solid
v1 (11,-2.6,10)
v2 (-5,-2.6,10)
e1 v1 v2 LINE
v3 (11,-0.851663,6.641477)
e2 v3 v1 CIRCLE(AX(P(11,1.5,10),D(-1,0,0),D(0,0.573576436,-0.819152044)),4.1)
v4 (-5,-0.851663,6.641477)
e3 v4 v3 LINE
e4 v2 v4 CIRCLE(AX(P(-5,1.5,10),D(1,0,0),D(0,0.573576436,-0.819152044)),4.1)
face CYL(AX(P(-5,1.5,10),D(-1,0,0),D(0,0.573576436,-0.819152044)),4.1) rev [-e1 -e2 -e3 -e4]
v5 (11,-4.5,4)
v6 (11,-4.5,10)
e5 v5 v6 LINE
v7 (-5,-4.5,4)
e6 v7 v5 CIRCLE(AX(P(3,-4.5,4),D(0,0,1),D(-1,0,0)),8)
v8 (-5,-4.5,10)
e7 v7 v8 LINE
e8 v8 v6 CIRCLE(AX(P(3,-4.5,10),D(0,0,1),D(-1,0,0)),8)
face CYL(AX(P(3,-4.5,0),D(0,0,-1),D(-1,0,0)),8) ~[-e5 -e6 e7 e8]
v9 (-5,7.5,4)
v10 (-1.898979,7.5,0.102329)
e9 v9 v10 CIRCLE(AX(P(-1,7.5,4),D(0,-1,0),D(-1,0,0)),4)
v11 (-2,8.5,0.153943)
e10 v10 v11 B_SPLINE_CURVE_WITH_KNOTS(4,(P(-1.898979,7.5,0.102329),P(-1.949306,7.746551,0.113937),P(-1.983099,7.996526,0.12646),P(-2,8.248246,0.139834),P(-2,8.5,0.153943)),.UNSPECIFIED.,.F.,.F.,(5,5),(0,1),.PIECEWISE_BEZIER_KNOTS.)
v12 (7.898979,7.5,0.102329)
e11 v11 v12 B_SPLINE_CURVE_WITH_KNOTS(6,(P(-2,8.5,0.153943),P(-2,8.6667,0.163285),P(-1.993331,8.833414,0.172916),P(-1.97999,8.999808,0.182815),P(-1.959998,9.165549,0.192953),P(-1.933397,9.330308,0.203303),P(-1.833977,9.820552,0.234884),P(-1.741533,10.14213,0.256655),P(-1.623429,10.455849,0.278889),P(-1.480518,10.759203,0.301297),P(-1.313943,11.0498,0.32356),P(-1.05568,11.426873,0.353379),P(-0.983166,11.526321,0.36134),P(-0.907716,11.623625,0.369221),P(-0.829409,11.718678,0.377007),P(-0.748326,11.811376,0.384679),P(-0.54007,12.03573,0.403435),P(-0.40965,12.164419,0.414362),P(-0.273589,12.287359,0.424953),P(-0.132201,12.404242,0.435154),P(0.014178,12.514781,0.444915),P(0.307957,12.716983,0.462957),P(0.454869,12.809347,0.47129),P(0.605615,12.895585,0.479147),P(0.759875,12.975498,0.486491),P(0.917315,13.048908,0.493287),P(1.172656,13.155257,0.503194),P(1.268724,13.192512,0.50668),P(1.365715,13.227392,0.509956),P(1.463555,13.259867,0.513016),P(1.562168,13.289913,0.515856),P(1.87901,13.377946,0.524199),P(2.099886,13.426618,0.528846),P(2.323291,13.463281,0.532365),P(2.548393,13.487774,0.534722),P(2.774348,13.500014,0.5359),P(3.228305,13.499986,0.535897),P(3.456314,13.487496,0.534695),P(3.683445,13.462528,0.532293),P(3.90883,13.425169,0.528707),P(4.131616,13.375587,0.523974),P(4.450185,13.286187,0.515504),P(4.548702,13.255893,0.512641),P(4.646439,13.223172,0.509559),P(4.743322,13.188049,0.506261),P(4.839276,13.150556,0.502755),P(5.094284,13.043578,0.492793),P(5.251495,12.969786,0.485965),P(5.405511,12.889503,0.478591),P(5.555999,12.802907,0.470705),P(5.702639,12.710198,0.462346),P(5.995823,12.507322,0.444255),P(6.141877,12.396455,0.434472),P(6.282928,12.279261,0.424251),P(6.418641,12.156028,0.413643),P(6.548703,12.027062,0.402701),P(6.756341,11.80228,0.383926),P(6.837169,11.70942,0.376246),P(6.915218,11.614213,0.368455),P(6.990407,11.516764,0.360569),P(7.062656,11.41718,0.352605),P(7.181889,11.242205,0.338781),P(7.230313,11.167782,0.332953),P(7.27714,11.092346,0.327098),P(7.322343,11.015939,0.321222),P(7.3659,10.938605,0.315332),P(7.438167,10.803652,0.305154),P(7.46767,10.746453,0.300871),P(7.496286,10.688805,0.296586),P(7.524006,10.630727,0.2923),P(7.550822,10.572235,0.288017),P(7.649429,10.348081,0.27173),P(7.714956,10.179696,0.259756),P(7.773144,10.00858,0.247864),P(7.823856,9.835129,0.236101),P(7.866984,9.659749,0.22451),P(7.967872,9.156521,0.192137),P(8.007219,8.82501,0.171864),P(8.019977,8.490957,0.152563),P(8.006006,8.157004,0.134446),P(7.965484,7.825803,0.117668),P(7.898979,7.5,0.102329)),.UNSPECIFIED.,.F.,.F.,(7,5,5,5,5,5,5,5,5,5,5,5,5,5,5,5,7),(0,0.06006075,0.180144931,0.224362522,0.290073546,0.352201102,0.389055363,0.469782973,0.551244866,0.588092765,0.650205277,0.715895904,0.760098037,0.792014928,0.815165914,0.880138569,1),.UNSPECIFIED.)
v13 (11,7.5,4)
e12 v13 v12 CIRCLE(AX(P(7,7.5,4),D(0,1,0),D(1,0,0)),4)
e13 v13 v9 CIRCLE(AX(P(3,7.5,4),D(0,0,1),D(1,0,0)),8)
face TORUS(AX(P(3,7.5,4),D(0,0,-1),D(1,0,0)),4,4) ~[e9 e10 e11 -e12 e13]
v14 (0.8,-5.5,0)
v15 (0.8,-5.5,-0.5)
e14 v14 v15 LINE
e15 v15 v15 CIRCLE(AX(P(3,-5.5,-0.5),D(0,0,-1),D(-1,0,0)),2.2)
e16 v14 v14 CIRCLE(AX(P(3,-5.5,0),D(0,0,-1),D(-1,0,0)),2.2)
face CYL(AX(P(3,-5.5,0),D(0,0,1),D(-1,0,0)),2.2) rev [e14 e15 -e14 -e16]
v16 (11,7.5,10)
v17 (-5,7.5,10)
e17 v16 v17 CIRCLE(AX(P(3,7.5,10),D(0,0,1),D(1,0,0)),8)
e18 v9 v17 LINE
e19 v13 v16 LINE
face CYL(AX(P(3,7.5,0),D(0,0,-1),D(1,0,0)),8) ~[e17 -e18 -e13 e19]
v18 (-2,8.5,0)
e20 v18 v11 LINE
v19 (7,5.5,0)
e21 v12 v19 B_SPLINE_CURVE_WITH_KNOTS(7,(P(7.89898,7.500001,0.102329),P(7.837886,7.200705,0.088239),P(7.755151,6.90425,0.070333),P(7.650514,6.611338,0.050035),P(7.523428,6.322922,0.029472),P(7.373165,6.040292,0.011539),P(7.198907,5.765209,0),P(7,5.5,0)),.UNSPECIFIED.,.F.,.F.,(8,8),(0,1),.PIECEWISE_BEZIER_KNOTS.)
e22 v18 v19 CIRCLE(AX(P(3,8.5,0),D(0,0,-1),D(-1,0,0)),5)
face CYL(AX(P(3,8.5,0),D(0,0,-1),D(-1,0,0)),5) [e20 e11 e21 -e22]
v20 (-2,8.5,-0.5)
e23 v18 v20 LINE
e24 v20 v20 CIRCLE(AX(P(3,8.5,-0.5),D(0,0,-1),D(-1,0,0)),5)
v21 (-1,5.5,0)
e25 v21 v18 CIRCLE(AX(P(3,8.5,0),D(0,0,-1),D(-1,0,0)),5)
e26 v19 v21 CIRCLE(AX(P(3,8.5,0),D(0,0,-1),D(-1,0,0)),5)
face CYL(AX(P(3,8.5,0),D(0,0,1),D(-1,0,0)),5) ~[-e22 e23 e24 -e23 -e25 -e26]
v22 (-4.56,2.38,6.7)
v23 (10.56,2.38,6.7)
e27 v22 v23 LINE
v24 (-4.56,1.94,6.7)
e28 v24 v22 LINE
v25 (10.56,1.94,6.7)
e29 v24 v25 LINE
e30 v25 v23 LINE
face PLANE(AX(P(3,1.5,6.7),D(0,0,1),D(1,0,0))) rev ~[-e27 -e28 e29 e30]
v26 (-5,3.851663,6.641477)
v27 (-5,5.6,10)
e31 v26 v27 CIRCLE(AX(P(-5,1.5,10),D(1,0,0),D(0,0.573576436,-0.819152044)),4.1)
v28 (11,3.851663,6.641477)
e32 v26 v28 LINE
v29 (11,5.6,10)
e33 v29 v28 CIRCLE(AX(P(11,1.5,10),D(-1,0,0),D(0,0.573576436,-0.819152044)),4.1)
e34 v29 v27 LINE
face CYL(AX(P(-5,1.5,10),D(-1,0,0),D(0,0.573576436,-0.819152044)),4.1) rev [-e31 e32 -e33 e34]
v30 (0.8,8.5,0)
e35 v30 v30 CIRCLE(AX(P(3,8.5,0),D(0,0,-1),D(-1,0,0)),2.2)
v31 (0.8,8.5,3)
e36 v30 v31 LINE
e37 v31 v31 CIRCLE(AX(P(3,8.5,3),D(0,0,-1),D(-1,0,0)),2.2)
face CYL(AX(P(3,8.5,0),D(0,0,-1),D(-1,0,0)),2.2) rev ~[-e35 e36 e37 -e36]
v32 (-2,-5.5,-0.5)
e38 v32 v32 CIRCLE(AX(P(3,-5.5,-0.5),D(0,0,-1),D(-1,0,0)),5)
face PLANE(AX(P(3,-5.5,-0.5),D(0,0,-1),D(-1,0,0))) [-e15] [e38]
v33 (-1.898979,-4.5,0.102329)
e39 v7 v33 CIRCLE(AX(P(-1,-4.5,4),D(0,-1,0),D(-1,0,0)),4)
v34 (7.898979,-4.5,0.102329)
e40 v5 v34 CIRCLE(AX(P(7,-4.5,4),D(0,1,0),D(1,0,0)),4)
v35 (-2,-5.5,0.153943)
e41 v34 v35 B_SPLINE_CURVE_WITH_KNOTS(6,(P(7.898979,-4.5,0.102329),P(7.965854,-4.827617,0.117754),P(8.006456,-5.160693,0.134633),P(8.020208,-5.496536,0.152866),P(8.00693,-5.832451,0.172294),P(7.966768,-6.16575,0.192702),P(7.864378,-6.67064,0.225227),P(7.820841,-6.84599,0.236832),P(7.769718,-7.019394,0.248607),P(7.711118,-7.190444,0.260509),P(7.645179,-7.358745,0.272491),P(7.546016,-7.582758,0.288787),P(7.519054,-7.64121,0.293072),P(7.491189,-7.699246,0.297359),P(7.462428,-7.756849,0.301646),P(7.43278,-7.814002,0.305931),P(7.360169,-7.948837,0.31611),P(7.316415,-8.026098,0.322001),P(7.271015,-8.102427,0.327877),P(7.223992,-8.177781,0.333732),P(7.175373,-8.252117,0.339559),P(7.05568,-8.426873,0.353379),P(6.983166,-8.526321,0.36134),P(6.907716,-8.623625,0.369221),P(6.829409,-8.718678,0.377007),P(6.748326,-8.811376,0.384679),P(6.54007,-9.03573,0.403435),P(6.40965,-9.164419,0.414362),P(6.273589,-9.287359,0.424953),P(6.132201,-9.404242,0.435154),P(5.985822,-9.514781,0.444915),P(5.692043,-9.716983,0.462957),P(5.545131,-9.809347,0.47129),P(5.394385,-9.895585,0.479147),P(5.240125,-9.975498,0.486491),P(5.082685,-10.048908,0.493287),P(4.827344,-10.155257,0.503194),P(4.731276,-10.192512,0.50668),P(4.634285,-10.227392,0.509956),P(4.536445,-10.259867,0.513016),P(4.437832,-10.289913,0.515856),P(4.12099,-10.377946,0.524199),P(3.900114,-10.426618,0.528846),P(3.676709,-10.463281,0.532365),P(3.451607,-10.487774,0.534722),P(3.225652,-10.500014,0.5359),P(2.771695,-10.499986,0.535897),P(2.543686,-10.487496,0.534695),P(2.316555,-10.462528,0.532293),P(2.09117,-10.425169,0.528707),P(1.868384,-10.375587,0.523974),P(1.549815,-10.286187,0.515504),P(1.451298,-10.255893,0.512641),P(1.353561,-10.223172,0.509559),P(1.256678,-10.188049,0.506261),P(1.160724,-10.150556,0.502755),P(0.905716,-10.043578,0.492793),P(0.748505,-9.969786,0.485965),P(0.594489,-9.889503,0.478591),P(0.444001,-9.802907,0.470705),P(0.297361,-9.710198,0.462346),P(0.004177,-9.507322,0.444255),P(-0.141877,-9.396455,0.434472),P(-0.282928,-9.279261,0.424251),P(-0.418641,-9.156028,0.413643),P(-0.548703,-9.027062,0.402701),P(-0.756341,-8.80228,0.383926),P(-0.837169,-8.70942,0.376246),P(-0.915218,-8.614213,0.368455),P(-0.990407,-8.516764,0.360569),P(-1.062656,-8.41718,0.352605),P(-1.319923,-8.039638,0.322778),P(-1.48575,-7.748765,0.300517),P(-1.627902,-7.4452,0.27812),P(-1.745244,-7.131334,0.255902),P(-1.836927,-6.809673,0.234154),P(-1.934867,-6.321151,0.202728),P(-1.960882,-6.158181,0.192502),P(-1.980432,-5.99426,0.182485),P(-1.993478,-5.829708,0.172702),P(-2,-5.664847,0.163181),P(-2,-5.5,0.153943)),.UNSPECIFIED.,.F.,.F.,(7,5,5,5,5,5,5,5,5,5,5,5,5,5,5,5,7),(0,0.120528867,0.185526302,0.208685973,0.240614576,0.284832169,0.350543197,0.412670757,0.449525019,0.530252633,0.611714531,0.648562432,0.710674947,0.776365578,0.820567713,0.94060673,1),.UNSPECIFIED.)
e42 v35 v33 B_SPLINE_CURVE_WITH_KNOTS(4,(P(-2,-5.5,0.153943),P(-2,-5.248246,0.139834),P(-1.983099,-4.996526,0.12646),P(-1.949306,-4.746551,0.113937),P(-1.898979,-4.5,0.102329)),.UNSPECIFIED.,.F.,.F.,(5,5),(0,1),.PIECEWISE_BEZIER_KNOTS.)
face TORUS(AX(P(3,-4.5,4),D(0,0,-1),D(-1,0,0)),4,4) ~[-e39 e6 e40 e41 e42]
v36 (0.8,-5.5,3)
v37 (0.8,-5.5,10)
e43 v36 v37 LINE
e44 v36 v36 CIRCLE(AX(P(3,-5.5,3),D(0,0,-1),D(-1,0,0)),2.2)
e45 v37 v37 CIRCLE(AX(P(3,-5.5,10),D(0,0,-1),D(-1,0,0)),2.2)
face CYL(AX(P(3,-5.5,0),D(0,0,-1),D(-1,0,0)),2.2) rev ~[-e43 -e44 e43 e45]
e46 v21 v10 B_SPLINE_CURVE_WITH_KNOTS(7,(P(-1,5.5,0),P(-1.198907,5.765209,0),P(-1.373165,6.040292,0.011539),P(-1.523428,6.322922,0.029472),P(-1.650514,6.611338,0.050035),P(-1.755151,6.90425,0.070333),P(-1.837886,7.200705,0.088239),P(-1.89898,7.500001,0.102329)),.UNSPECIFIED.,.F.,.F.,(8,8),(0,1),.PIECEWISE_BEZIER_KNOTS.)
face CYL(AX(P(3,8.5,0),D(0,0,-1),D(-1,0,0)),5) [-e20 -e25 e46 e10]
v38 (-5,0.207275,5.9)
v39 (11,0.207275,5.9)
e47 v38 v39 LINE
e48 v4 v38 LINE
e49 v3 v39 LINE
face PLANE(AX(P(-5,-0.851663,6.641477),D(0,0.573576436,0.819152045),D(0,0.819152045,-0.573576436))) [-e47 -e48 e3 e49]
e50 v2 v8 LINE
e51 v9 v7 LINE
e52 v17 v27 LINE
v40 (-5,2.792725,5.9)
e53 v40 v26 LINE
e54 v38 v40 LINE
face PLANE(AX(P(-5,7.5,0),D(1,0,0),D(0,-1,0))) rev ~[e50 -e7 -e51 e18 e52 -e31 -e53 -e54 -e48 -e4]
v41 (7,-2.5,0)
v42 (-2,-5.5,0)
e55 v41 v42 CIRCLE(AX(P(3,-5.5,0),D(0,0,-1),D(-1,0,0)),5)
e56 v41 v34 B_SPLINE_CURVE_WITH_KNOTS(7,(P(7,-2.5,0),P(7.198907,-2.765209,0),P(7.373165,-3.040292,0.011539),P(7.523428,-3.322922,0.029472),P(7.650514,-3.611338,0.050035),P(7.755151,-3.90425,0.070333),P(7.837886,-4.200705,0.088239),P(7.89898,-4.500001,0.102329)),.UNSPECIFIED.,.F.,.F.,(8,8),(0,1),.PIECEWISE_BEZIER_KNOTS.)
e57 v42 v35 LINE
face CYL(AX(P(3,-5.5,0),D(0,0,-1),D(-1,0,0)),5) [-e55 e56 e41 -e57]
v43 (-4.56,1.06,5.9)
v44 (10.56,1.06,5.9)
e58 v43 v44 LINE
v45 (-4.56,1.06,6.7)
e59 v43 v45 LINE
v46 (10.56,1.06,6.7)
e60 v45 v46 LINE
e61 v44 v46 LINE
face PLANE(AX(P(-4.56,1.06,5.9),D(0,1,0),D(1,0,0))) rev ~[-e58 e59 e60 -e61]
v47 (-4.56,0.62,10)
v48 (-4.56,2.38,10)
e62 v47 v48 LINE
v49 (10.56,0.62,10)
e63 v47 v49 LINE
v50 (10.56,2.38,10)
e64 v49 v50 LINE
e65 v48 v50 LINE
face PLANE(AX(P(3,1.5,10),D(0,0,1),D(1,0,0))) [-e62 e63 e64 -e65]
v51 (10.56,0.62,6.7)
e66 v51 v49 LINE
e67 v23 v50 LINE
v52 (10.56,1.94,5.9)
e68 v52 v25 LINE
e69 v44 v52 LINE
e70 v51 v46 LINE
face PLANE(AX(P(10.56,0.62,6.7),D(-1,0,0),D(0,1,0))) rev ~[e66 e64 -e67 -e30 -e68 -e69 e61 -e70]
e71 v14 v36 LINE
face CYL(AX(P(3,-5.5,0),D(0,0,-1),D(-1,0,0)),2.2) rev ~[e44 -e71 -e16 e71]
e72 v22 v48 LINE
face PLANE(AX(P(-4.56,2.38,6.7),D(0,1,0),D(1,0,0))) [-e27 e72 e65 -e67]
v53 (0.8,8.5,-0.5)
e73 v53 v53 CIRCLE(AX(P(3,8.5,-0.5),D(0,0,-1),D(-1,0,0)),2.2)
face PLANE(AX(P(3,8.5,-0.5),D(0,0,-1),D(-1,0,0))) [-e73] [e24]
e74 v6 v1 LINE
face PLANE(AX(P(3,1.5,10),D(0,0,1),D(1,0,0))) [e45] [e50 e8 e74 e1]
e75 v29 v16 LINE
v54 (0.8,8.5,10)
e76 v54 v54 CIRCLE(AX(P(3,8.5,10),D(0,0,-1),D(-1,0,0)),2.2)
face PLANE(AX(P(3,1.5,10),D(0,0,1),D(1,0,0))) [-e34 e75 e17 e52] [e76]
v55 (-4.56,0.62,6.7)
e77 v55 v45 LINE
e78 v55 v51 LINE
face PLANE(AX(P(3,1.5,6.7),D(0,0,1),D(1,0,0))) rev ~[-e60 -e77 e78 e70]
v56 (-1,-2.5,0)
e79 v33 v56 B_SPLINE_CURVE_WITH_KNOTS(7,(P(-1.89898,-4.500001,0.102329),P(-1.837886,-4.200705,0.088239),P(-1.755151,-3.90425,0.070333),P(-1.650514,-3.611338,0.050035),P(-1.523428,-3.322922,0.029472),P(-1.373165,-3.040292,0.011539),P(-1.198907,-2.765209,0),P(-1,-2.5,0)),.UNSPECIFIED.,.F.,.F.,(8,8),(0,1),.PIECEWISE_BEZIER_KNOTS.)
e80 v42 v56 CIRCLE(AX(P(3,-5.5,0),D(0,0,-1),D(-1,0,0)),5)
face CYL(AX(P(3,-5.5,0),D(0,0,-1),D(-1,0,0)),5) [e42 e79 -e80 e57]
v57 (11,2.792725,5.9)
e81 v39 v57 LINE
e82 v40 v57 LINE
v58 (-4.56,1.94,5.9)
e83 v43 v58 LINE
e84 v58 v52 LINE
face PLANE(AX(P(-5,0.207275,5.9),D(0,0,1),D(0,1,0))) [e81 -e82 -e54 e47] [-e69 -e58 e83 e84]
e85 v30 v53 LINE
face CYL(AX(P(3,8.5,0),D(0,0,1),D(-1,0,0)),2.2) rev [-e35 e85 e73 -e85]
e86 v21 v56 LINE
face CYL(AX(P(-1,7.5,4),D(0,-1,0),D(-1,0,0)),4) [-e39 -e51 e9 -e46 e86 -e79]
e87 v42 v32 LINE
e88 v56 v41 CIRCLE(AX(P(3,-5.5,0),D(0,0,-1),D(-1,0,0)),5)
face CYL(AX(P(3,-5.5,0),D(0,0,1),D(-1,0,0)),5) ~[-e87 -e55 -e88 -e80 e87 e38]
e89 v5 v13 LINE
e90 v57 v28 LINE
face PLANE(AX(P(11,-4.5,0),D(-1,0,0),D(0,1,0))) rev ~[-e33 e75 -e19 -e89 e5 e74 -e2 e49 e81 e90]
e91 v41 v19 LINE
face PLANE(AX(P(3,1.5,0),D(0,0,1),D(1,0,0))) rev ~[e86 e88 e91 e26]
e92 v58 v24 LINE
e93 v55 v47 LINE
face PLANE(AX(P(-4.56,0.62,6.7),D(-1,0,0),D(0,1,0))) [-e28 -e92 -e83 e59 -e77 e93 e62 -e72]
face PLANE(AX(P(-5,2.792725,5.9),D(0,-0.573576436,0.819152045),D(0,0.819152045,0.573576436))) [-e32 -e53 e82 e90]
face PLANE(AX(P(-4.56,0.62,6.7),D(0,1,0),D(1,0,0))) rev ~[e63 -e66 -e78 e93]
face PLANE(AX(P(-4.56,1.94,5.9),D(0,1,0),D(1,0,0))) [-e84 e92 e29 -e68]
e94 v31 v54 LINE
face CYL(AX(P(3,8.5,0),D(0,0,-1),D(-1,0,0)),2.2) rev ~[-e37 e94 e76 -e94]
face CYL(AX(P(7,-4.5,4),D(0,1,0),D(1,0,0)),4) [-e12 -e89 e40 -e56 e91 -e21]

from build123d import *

# Parameters (mm, degrees)
BOSS_EXTRUDE1_DEPTH      = 10
CUT_EXTRUDE3_DEPTH       = 17
SKETCH5_R                = 2.2
CUT_EXTRUDE4_DEPTH       = 11
FILLET2_R                = 4
SKETCH7_R                = 5
SKETCH7_R_2              = 2.2
BOSS_EXTRUDE2_DEPTH      = 0.5
BOSS_EXTRUDE2_DEPTH_BACK = 3
SKETCH8_W                = 15.12
SKETCH8_H                = 0.88
BOSS_EXTRUDE3_DEPTH      = 0.8
SKETCH9_W                = 15.12
SKETCH9_H                = 1.76
BOSS_EXTRUDE4_DEPTH      = 3.3


with BuildPart() as part:
    # Sketch1 → Boss-Extrude1 (new body)
    with BuildSketch(Plane.XY):
        with BuildLine():
            Line((-5, 7.5), (-5, -4.5))
            ThreePointArc((-5, -4.5), (3, -12.5), (11, -4.5))
            Line((11, -4.5), (11, 7.5))
            ThreePointArc((11, 7.5), (3, 15.5), (-5, 7.5))
        make_face()
    extrude(amount=BOSS_EXTRUDE1_DEPTH)

    # Sketch4 → Cut-Extrude3 (cut, through all)
    with BuildSketch(Plane.ZY.offset(5)):
        with BuildLine():
            Line((6.641476618, -0.851663389), (5.9, 0.207274966))
            Line((5.9, 0.207274966), (5.9, 2.792725034))
            Line((5.9, 2.792725034), (6.641476618, 3.851663389))
            ThreePointArc((6.641476618, 3.851663389), (14.1, 1.5), (6.641476618, -0.851663389))
        make_face()
    extrude(amount=-CUT_EXTRUDE3_DEPTH, mode=Mode.SUBTRACT)

    # Sketch5 → Cut-Extrude4 (cut, through all)
    with BuildSketch(Plane(origin=(0, 0, 0), x_dir=(-1, 0, 0), z_dir=(0, 0, -1))):
        with Locations((-3, 8.5)):
            Circle(SKETCH5_R)
        with Locations((-3, -5.5)):
            Circle(SKETCH5_R)
    extrude(amount=-CUT_EXTRUDE4_DEPTH, mode=Mode.SUBTRACT)

    # Fillet2
    fillet2_edges = [part.edges().sort_by_distance(p)[0] for p in [
        (-5, 1.5, 0),
        (3, 15.5, 0),
        (11, 1.5, 0),
        (3, -12.5, 0),
    ]]
    fillet(fillet2_edges, radius=FILLET2_R)

    # Sketch7 → Boss-Extrude2 (add, two sides)
    with BuildSketch(Plane(origin=(0, 0, 0), x_dir=(-1, 0, 0), z_dir=(0, 0, -1))) as boss_extrude2_sk:
        with Locations((-3, 8.5)):
            Circle(SKETCH7_R)
        with Locations((-3, 8.5)):
            Circle(SKETCH7_R_2, mode=Mode.SUBTRACT)
        with Locations((-3, -5.5)):
            Circle(SKETCH7_R)
        with Locations((-3, -5.5)):
            Circle(SKETCH7_R_2, mode=Mode.SUBTRACT)
    extrude(amount=BOSS_EXTRUDE2_DEPTH)
    extrude(boss_extrude2_sk.sketch, amount=-BOSS_EXTRUDE2_DEPTH_BACK)

    # Sketch8 → Boss-Extrude3 (add)
    with BuildSketch(Plane.XY.offset(5.9)):
        with Locations((3, 1.5)):
            Rectangle(SKETCH8_W, SKETCH8_H)
    extrude(amount=BOSS_EXTRUDE3_DEPTH)

    # Sketch9 → Boss-Extrude4 (add)
    with BuildSketch(Plane.XY.offset(6.7)):
        with Locations((3, 1.5)):
            Rectangle(SKETCH9_W, SKETCH9_H)
    extrude(amount=BOSS_EXTRUDE4_DEPTH)


solid = part.part
